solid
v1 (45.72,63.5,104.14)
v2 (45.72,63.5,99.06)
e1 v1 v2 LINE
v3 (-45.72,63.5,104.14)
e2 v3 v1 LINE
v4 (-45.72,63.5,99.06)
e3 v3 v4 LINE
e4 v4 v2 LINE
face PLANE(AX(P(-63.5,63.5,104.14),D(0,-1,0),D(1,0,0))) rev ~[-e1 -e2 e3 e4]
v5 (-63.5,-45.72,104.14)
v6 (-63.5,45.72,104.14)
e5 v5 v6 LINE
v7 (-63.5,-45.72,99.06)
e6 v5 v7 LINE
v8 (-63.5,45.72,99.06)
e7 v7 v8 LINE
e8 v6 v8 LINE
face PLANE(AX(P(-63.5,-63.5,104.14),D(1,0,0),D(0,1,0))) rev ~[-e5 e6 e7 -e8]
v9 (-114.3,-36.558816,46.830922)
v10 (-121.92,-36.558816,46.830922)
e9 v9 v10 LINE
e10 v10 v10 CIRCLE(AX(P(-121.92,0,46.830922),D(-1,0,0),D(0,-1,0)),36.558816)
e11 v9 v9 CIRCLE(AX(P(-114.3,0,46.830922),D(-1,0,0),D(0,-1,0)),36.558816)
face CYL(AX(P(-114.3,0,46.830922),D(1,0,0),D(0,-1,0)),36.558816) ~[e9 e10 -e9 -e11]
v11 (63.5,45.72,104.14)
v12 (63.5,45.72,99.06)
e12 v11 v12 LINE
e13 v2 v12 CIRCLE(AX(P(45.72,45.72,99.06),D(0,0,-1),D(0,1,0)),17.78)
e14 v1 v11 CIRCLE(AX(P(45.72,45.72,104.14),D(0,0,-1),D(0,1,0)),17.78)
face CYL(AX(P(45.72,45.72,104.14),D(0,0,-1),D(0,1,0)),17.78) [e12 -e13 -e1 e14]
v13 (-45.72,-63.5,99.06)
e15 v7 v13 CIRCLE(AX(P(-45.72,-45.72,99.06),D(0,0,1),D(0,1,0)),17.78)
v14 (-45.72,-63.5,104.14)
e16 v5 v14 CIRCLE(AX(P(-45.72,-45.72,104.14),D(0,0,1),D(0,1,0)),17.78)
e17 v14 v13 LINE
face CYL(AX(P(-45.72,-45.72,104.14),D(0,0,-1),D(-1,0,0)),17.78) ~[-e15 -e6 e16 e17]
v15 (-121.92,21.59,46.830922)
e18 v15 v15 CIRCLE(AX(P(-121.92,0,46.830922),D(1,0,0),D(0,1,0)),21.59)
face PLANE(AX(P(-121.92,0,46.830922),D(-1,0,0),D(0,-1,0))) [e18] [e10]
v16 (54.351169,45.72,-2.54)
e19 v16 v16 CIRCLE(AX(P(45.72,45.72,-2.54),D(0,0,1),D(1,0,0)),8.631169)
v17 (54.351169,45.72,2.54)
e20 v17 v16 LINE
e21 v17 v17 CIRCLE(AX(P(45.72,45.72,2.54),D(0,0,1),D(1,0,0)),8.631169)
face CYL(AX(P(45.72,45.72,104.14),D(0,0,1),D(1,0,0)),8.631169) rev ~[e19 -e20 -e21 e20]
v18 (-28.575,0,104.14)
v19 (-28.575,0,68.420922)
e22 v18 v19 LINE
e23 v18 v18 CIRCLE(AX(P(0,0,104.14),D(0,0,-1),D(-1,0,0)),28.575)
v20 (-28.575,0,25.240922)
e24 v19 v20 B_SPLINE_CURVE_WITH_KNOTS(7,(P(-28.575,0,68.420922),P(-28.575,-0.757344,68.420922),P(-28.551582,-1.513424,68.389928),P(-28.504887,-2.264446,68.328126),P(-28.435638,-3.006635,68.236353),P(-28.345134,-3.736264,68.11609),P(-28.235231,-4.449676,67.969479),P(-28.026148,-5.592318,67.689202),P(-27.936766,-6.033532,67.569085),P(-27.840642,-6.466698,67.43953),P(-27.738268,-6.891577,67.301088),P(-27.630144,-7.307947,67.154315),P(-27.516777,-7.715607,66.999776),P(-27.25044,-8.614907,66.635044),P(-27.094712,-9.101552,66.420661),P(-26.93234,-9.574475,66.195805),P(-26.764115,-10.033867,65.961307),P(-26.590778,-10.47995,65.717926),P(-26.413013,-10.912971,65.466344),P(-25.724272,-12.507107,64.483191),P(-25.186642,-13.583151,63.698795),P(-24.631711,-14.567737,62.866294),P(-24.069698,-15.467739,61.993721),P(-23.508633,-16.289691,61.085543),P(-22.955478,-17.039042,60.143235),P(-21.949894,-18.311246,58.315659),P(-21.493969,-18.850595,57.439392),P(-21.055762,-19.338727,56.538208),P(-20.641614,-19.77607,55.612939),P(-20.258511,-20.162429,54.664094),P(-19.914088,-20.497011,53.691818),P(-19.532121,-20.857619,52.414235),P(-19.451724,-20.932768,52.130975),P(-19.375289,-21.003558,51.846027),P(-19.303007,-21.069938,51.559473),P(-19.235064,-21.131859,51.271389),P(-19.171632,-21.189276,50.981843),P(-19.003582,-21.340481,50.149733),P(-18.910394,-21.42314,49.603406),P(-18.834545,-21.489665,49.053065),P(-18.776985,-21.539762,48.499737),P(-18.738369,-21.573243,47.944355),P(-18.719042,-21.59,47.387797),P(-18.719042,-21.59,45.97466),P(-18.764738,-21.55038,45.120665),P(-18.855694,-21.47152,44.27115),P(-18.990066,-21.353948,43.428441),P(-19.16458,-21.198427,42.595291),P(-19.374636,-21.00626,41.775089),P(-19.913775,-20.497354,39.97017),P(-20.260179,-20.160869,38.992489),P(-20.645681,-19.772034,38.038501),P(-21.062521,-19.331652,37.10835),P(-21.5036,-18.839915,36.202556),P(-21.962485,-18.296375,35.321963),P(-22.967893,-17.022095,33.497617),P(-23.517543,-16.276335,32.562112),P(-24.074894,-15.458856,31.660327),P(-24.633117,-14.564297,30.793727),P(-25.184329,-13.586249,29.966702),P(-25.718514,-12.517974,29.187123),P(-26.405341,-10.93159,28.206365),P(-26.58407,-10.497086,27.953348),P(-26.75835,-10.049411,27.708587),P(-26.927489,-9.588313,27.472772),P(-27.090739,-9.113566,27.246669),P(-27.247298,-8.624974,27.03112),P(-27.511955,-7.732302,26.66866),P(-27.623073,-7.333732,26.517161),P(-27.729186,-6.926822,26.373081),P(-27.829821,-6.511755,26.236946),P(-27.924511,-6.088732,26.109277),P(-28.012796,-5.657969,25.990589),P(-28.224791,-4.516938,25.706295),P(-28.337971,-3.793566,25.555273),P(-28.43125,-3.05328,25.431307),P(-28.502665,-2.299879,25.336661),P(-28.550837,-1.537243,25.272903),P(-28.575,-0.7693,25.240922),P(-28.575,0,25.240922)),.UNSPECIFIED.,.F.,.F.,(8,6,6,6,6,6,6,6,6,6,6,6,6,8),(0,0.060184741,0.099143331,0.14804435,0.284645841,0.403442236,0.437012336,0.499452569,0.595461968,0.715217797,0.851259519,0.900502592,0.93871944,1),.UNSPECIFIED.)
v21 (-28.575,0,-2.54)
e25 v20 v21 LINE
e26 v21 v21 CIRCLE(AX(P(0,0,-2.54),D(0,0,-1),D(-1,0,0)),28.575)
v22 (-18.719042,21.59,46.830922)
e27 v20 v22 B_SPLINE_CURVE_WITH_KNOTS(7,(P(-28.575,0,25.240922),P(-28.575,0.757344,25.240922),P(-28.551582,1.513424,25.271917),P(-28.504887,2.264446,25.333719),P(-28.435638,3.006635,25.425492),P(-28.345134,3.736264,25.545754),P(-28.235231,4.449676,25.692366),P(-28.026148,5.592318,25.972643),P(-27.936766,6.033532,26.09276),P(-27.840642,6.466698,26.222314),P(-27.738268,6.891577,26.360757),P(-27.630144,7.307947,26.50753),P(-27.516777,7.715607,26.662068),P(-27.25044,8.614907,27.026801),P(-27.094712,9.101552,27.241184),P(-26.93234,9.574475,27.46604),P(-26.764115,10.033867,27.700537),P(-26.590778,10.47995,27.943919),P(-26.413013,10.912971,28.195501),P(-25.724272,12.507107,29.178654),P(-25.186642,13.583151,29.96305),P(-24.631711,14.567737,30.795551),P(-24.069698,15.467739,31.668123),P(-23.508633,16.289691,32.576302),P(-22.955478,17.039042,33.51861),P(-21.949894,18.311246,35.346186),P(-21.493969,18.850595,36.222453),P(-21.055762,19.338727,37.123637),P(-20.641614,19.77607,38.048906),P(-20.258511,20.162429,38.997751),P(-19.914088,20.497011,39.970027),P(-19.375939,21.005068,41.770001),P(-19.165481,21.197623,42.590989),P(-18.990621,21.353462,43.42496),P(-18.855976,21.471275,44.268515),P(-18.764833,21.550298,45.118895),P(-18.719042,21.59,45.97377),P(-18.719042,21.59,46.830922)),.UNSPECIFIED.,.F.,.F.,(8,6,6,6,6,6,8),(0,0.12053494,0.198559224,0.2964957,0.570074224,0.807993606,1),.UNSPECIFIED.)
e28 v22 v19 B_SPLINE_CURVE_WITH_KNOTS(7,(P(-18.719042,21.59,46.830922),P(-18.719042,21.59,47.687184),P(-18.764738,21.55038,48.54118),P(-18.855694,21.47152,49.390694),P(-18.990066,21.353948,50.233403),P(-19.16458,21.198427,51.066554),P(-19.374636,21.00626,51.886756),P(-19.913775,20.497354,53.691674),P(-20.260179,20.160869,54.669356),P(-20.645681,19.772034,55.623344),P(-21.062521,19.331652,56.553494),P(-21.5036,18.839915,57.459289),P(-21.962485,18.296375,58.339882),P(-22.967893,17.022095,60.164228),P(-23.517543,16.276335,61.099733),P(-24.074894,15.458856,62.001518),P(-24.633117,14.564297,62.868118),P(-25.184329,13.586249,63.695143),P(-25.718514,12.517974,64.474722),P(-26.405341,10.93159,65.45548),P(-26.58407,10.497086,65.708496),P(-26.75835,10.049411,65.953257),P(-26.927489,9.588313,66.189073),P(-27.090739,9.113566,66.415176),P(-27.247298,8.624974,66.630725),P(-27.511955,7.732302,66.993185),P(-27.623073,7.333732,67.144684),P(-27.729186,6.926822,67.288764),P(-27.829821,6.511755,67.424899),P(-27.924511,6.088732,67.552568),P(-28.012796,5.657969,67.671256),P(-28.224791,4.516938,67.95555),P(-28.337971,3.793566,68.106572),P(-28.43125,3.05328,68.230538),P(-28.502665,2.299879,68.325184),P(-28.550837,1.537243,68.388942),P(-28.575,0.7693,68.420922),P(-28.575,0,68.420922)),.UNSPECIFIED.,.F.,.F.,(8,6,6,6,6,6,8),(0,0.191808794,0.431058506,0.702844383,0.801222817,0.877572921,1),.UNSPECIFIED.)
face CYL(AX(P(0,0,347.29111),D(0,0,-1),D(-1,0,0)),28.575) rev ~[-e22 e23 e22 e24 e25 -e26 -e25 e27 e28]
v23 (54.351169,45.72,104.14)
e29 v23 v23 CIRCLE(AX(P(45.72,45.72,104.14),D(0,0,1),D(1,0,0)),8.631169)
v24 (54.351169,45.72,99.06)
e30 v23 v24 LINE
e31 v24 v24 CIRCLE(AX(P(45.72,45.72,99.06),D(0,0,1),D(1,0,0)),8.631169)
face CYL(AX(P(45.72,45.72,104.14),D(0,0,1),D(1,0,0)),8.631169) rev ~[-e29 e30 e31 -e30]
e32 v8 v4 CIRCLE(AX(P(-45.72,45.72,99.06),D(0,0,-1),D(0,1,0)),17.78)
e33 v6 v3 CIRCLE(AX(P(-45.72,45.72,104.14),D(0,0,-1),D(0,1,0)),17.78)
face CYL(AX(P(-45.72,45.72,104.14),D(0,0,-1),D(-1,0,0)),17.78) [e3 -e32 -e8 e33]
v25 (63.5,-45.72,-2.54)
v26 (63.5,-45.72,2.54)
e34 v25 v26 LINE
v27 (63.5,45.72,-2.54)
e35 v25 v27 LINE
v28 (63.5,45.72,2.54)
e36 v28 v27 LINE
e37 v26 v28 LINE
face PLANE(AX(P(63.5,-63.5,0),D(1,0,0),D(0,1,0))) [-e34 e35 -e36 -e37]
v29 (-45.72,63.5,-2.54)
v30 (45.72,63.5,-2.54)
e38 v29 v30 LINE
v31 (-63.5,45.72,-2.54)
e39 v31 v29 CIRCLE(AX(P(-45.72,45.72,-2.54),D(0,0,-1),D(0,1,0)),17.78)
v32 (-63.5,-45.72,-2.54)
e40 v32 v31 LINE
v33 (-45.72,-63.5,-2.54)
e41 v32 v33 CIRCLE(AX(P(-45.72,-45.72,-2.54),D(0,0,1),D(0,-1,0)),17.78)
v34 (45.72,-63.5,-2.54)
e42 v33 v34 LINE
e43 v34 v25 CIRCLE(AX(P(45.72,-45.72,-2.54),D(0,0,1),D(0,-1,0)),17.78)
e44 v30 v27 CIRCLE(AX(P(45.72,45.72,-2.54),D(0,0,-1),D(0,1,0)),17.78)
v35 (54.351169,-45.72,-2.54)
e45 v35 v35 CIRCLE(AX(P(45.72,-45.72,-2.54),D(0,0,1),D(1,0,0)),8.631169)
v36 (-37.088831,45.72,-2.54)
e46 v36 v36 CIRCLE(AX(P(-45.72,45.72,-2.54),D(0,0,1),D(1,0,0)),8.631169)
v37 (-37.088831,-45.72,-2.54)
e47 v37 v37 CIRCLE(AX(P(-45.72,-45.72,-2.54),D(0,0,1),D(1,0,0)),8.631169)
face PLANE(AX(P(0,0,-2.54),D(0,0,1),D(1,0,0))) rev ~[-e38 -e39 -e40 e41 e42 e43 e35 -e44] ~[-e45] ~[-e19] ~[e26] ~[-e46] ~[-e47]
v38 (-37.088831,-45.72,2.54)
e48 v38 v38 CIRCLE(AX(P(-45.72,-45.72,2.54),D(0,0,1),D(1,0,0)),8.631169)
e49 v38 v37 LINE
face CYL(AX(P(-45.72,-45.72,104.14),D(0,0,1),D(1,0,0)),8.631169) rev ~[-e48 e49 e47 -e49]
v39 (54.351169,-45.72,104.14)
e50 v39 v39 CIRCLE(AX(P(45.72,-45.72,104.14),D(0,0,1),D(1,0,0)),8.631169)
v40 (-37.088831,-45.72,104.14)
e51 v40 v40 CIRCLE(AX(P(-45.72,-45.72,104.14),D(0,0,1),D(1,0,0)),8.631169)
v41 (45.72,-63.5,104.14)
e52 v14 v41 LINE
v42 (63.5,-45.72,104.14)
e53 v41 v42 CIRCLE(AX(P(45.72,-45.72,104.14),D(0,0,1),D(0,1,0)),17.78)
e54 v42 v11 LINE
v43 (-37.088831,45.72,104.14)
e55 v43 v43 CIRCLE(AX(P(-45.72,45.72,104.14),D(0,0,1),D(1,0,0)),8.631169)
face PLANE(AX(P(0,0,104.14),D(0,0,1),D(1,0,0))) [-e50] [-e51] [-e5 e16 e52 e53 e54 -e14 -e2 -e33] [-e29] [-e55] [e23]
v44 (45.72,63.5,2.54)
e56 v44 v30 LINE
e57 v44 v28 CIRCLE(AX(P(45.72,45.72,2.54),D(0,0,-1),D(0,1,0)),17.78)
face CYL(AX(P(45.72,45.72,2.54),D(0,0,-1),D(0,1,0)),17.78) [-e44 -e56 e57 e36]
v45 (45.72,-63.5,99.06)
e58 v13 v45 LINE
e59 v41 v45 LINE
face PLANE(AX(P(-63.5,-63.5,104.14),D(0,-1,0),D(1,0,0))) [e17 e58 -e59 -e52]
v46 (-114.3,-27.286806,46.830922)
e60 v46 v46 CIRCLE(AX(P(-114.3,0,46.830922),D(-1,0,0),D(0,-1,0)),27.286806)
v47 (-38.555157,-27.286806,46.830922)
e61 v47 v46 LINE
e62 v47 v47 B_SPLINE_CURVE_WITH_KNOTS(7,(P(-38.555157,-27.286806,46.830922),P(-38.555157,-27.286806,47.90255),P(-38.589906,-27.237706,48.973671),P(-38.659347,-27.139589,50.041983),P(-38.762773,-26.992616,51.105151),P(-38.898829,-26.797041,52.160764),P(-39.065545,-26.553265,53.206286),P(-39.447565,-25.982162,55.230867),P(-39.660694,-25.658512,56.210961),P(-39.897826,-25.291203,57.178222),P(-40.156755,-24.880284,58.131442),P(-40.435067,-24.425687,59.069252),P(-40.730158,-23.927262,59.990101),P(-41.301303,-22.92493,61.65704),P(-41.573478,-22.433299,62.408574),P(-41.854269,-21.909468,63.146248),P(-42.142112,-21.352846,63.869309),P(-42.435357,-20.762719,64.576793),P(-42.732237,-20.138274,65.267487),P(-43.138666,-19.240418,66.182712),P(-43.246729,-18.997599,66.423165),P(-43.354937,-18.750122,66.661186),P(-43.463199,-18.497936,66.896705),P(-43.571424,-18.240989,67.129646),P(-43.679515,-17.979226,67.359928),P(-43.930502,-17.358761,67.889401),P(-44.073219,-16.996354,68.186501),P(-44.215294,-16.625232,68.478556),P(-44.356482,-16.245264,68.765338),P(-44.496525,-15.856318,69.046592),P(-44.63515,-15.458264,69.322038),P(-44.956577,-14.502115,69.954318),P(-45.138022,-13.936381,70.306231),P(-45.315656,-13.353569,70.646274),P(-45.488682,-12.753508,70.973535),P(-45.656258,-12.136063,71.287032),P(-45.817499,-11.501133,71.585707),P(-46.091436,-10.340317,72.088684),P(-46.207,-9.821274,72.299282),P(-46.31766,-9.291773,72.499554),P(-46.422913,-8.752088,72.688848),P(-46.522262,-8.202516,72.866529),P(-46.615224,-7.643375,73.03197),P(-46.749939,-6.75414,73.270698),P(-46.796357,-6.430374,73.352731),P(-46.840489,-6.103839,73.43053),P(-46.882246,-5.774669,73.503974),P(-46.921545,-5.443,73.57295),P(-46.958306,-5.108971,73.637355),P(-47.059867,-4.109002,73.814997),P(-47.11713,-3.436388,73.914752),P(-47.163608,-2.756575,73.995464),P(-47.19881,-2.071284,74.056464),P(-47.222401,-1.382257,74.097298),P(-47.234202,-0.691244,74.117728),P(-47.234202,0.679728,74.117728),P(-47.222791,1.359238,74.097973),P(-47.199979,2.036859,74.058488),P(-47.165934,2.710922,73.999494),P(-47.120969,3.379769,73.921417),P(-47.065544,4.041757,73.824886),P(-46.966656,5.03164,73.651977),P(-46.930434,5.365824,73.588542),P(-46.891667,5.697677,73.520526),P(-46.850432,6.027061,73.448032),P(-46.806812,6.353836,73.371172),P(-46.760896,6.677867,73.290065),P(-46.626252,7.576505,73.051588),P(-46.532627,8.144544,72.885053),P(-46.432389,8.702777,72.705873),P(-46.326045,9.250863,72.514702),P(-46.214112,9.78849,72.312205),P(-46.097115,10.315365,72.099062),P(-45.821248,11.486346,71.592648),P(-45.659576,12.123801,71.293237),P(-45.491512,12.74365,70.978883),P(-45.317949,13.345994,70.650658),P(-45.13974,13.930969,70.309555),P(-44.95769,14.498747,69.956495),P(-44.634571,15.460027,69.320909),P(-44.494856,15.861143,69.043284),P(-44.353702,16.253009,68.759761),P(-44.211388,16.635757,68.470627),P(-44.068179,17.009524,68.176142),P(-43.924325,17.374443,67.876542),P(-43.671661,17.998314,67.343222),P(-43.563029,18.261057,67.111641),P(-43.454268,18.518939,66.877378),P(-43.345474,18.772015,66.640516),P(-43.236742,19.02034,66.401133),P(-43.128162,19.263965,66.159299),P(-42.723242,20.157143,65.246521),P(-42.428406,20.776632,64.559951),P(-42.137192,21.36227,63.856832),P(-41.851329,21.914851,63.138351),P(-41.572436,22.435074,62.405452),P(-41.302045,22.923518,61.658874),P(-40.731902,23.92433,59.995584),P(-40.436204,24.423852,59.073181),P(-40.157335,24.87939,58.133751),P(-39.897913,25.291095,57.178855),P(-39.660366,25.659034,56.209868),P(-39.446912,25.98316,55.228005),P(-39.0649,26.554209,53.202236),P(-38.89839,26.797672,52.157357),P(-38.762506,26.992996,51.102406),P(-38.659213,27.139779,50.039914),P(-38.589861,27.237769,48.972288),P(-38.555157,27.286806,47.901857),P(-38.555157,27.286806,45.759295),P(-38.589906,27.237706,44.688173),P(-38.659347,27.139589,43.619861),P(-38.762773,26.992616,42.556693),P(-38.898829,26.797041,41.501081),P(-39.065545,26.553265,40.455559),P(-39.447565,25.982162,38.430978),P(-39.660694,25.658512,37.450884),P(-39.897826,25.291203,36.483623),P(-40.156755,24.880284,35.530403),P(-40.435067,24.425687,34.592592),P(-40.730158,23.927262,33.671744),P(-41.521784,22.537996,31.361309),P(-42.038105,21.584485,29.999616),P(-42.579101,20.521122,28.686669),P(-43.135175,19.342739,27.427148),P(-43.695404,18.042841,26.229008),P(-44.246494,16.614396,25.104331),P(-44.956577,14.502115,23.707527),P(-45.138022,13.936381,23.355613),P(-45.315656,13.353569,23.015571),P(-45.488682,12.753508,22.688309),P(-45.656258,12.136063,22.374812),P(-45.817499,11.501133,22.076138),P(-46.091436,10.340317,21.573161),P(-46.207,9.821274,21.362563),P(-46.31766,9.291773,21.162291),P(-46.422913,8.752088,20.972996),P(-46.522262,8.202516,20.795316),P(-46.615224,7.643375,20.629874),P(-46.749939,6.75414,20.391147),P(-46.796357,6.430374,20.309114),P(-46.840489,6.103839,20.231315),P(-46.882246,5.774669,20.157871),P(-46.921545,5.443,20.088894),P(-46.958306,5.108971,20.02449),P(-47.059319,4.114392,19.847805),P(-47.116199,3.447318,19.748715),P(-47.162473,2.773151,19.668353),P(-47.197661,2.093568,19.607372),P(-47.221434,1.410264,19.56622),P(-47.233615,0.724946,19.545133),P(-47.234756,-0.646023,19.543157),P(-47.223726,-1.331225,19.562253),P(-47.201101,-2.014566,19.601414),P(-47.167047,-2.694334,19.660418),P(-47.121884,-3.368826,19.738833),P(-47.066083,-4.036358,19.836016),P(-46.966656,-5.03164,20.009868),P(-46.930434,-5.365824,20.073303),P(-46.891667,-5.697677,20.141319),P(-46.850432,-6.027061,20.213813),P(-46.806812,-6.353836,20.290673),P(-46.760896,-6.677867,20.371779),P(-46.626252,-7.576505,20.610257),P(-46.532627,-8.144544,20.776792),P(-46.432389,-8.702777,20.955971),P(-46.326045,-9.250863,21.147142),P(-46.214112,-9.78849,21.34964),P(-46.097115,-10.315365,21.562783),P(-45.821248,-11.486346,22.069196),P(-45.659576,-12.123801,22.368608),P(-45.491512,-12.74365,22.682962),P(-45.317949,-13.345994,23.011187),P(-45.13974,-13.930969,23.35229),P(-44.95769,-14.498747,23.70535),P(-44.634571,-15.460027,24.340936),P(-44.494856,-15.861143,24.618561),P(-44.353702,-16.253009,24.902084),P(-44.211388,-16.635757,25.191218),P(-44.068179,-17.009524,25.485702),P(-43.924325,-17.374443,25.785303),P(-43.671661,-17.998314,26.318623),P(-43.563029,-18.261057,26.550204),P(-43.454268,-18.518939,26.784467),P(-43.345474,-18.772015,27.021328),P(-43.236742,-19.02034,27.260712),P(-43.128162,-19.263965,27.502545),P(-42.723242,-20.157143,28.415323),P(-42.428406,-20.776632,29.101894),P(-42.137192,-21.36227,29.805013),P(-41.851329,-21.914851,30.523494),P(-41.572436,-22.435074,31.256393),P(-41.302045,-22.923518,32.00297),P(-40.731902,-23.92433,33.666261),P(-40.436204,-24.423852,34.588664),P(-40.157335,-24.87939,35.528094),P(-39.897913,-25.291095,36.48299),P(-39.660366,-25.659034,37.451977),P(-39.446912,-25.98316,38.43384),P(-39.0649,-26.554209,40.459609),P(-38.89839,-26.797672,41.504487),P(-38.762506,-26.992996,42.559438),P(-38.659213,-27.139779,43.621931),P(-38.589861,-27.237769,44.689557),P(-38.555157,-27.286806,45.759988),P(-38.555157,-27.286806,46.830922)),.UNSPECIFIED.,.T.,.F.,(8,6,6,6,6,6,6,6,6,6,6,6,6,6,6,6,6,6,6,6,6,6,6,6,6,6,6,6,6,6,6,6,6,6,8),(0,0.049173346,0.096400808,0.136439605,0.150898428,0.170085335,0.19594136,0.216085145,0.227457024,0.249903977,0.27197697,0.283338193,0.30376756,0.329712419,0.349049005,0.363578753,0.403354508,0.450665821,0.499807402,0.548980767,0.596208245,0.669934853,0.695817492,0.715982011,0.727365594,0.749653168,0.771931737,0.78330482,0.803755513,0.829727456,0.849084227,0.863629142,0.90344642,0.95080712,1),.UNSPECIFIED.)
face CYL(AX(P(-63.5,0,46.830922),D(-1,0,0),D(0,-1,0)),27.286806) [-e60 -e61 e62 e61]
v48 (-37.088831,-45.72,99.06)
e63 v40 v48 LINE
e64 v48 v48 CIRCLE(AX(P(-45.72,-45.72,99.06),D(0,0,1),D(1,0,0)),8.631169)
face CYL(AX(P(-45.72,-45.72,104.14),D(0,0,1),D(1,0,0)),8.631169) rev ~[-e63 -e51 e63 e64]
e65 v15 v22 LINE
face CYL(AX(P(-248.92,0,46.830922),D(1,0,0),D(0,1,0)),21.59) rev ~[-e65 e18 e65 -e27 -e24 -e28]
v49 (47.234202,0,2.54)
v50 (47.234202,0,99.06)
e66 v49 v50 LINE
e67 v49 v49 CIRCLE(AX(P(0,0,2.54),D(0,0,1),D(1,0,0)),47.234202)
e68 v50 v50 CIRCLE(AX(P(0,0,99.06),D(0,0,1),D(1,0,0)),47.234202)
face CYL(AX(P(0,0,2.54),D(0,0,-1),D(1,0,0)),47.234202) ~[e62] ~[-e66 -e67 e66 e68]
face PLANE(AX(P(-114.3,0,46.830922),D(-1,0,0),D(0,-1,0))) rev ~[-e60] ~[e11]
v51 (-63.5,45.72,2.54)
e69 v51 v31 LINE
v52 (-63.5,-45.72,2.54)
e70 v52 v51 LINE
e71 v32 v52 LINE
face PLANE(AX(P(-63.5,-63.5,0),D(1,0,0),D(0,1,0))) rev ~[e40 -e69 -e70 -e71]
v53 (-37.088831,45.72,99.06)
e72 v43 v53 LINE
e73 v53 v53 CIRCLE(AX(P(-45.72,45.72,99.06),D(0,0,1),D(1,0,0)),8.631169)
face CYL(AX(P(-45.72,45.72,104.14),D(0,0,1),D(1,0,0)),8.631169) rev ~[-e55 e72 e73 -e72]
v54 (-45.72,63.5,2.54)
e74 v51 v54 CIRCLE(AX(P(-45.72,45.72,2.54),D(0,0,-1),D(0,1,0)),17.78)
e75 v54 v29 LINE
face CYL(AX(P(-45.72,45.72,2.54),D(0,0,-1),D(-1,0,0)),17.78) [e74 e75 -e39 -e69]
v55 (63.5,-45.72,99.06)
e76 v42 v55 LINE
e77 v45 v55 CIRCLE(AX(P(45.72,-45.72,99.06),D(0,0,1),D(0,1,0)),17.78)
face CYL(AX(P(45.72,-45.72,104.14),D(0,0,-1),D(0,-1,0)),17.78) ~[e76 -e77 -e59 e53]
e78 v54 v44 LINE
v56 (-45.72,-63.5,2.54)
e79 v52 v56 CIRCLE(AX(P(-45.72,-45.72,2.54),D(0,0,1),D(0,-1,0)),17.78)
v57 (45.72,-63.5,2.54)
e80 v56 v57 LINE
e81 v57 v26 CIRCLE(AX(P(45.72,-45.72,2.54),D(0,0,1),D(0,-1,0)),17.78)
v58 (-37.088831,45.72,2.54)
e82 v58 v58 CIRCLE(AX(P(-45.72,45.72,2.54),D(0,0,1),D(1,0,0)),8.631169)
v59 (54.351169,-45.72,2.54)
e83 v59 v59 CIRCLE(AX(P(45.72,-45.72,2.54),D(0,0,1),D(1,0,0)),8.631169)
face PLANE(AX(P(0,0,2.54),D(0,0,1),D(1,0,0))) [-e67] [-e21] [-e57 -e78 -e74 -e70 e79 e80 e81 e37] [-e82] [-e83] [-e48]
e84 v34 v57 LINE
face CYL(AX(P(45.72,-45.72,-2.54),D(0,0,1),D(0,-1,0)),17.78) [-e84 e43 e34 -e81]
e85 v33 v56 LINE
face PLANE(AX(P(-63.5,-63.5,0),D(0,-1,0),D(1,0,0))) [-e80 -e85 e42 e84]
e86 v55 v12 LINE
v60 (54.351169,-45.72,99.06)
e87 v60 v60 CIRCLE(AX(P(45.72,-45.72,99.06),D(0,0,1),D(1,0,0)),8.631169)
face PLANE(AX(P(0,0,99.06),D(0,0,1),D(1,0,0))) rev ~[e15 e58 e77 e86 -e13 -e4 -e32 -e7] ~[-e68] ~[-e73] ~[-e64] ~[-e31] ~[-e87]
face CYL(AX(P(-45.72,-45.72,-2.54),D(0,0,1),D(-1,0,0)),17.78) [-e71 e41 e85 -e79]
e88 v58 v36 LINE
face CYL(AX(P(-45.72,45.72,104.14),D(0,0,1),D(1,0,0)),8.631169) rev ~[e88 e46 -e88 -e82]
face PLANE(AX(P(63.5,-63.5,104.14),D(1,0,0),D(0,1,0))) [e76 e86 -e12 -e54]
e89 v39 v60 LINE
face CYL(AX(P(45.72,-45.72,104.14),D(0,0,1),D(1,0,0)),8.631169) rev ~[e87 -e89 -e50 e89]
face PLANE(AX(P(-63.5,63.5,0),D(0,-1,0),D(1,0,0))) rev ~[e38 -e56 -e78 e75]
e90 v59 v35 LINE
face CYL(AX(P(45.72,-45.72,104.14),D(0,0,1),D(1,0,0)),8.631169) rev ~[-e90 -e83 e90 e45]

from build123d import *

# Parameters (mm, degrees)
F0_W      = 127
F0_H      = 127
F1_DEPTH  = 2.54
F2_R      = 47.2342022941
F3_DEPTH  = 101.6
F4_W      = 127
F4_H      = 127
F4_R      = 47.2342022941
F5_DEPTH  = 5.08
F6_R      = 27.2868056182
F7_DEPTH  = 50.8
F9_D      = 57.15
F10_R     = 17.78
F11_R     = 8.6311688536
F12_DEPTH = 106.681
F13_R     = 36.5588160366
F14_DEPTH = 7.62
F16_D     = 43.18
F16_DEPTH = 127
F16_TIP   = 12.9725807648


with BuildPart() as f1:
    # F0 (on Top) → F1 (new body, symmetric)
    with BuildSketch(Plane.XY):
        Rectangle(F0_W, F0_H)
    extrude(amount=F1_DEPTH, both=True)

    # F2 (on face) → F3 (join)
    with BuildSketch(Plane.XY.offset(2.54)):
        Circle(F2_R)
    extrude(amount=F3_DEPTH)

    # F4 (on face) → F5 (join)
    with BuildSketch(Plane.XY.offset(104.14)):
        Rectangle(F4_W, F4_H)
        Circle(F4_R, mode=Mode.SUBTRACT)
    extrude(amount=-F5_DEPTH)

    # F6 (on face) → F7 (join, symmetric)
    with BuildSketch(Plane(origin=(-63.5, 0, 0), x_dir=(0, -1, 0), z_dir=(-1, 0, 0))):
        with Locations((0, 46.8309223652)):
            Circle(F6_R)
    extrude(amount=F7_DEPTH, both=True)

    # F9 (through all)
    with Locations(Plane.XY.offset(104.14)):
        with Locations((0, 0)):
            Hole(F9_D / 2)

    # F10
    f10_edges = [f1.edges().sort_by_distance(p)[0] for p in [
        (-63.5, -63.5, 101.6),
        (63.5, -63.5, 101.6),
        (63.5, -63.5, 0),
        (-63.5, -63.5, 0),
        (-63.5, 63.5, 101.6),
        (-63.5, 63.5, 0),
        (63.5, 63.5, 101.6),
        (63.5, 63.5, 0),
    ]]
    fillet(f10_edges, radius=F10_R)

    # F11 (on face) → F12 (cut, through all)
    with BuildSketch(Plane.XY.offset(104.14)):
        with Locations((-45.72, 45.72)):
            Circle(F11_R)
        with Locations((45.72, 45.72)):
            Circle(F11_R)
        with Locations((45.72, -45.72)):
            Circle(F11_R)
        with Locations((-45.72, -45.72)):
            Circle(F11_R)
    extrude(amount=-F12_DEPTH, mode=Mode.SUBTRACT)

    # F13 (on face) → F14 (join)
    with BuildSketch(Plane(origin=(-114.3, 0, 0), x_dir=(0, -1, 0), z_dir=(-1, 0, 0))):
        with Locations((0, 46.8309223652)):
            Circle(F13_R)
    extrude(amount=F14_DEPTH)

    # F16
    with Locations(Plane(origin=(-121.92, 0, 0), x_dir=(0, -1, 0), z_dir=(-1, 0, 0))):
        with Locations((0, 46.8309223652)):
            Hole(F16_D / 2, depth=F16_DEPTH)
            with Locations((0, 0, -(F16_DEPTH + F16_TIP / 2))):  # 118° drill point
                Cone(0, F16_D / 2, F16_TIP, mode=Mode.SUBTRACT)


solid = f1.part
